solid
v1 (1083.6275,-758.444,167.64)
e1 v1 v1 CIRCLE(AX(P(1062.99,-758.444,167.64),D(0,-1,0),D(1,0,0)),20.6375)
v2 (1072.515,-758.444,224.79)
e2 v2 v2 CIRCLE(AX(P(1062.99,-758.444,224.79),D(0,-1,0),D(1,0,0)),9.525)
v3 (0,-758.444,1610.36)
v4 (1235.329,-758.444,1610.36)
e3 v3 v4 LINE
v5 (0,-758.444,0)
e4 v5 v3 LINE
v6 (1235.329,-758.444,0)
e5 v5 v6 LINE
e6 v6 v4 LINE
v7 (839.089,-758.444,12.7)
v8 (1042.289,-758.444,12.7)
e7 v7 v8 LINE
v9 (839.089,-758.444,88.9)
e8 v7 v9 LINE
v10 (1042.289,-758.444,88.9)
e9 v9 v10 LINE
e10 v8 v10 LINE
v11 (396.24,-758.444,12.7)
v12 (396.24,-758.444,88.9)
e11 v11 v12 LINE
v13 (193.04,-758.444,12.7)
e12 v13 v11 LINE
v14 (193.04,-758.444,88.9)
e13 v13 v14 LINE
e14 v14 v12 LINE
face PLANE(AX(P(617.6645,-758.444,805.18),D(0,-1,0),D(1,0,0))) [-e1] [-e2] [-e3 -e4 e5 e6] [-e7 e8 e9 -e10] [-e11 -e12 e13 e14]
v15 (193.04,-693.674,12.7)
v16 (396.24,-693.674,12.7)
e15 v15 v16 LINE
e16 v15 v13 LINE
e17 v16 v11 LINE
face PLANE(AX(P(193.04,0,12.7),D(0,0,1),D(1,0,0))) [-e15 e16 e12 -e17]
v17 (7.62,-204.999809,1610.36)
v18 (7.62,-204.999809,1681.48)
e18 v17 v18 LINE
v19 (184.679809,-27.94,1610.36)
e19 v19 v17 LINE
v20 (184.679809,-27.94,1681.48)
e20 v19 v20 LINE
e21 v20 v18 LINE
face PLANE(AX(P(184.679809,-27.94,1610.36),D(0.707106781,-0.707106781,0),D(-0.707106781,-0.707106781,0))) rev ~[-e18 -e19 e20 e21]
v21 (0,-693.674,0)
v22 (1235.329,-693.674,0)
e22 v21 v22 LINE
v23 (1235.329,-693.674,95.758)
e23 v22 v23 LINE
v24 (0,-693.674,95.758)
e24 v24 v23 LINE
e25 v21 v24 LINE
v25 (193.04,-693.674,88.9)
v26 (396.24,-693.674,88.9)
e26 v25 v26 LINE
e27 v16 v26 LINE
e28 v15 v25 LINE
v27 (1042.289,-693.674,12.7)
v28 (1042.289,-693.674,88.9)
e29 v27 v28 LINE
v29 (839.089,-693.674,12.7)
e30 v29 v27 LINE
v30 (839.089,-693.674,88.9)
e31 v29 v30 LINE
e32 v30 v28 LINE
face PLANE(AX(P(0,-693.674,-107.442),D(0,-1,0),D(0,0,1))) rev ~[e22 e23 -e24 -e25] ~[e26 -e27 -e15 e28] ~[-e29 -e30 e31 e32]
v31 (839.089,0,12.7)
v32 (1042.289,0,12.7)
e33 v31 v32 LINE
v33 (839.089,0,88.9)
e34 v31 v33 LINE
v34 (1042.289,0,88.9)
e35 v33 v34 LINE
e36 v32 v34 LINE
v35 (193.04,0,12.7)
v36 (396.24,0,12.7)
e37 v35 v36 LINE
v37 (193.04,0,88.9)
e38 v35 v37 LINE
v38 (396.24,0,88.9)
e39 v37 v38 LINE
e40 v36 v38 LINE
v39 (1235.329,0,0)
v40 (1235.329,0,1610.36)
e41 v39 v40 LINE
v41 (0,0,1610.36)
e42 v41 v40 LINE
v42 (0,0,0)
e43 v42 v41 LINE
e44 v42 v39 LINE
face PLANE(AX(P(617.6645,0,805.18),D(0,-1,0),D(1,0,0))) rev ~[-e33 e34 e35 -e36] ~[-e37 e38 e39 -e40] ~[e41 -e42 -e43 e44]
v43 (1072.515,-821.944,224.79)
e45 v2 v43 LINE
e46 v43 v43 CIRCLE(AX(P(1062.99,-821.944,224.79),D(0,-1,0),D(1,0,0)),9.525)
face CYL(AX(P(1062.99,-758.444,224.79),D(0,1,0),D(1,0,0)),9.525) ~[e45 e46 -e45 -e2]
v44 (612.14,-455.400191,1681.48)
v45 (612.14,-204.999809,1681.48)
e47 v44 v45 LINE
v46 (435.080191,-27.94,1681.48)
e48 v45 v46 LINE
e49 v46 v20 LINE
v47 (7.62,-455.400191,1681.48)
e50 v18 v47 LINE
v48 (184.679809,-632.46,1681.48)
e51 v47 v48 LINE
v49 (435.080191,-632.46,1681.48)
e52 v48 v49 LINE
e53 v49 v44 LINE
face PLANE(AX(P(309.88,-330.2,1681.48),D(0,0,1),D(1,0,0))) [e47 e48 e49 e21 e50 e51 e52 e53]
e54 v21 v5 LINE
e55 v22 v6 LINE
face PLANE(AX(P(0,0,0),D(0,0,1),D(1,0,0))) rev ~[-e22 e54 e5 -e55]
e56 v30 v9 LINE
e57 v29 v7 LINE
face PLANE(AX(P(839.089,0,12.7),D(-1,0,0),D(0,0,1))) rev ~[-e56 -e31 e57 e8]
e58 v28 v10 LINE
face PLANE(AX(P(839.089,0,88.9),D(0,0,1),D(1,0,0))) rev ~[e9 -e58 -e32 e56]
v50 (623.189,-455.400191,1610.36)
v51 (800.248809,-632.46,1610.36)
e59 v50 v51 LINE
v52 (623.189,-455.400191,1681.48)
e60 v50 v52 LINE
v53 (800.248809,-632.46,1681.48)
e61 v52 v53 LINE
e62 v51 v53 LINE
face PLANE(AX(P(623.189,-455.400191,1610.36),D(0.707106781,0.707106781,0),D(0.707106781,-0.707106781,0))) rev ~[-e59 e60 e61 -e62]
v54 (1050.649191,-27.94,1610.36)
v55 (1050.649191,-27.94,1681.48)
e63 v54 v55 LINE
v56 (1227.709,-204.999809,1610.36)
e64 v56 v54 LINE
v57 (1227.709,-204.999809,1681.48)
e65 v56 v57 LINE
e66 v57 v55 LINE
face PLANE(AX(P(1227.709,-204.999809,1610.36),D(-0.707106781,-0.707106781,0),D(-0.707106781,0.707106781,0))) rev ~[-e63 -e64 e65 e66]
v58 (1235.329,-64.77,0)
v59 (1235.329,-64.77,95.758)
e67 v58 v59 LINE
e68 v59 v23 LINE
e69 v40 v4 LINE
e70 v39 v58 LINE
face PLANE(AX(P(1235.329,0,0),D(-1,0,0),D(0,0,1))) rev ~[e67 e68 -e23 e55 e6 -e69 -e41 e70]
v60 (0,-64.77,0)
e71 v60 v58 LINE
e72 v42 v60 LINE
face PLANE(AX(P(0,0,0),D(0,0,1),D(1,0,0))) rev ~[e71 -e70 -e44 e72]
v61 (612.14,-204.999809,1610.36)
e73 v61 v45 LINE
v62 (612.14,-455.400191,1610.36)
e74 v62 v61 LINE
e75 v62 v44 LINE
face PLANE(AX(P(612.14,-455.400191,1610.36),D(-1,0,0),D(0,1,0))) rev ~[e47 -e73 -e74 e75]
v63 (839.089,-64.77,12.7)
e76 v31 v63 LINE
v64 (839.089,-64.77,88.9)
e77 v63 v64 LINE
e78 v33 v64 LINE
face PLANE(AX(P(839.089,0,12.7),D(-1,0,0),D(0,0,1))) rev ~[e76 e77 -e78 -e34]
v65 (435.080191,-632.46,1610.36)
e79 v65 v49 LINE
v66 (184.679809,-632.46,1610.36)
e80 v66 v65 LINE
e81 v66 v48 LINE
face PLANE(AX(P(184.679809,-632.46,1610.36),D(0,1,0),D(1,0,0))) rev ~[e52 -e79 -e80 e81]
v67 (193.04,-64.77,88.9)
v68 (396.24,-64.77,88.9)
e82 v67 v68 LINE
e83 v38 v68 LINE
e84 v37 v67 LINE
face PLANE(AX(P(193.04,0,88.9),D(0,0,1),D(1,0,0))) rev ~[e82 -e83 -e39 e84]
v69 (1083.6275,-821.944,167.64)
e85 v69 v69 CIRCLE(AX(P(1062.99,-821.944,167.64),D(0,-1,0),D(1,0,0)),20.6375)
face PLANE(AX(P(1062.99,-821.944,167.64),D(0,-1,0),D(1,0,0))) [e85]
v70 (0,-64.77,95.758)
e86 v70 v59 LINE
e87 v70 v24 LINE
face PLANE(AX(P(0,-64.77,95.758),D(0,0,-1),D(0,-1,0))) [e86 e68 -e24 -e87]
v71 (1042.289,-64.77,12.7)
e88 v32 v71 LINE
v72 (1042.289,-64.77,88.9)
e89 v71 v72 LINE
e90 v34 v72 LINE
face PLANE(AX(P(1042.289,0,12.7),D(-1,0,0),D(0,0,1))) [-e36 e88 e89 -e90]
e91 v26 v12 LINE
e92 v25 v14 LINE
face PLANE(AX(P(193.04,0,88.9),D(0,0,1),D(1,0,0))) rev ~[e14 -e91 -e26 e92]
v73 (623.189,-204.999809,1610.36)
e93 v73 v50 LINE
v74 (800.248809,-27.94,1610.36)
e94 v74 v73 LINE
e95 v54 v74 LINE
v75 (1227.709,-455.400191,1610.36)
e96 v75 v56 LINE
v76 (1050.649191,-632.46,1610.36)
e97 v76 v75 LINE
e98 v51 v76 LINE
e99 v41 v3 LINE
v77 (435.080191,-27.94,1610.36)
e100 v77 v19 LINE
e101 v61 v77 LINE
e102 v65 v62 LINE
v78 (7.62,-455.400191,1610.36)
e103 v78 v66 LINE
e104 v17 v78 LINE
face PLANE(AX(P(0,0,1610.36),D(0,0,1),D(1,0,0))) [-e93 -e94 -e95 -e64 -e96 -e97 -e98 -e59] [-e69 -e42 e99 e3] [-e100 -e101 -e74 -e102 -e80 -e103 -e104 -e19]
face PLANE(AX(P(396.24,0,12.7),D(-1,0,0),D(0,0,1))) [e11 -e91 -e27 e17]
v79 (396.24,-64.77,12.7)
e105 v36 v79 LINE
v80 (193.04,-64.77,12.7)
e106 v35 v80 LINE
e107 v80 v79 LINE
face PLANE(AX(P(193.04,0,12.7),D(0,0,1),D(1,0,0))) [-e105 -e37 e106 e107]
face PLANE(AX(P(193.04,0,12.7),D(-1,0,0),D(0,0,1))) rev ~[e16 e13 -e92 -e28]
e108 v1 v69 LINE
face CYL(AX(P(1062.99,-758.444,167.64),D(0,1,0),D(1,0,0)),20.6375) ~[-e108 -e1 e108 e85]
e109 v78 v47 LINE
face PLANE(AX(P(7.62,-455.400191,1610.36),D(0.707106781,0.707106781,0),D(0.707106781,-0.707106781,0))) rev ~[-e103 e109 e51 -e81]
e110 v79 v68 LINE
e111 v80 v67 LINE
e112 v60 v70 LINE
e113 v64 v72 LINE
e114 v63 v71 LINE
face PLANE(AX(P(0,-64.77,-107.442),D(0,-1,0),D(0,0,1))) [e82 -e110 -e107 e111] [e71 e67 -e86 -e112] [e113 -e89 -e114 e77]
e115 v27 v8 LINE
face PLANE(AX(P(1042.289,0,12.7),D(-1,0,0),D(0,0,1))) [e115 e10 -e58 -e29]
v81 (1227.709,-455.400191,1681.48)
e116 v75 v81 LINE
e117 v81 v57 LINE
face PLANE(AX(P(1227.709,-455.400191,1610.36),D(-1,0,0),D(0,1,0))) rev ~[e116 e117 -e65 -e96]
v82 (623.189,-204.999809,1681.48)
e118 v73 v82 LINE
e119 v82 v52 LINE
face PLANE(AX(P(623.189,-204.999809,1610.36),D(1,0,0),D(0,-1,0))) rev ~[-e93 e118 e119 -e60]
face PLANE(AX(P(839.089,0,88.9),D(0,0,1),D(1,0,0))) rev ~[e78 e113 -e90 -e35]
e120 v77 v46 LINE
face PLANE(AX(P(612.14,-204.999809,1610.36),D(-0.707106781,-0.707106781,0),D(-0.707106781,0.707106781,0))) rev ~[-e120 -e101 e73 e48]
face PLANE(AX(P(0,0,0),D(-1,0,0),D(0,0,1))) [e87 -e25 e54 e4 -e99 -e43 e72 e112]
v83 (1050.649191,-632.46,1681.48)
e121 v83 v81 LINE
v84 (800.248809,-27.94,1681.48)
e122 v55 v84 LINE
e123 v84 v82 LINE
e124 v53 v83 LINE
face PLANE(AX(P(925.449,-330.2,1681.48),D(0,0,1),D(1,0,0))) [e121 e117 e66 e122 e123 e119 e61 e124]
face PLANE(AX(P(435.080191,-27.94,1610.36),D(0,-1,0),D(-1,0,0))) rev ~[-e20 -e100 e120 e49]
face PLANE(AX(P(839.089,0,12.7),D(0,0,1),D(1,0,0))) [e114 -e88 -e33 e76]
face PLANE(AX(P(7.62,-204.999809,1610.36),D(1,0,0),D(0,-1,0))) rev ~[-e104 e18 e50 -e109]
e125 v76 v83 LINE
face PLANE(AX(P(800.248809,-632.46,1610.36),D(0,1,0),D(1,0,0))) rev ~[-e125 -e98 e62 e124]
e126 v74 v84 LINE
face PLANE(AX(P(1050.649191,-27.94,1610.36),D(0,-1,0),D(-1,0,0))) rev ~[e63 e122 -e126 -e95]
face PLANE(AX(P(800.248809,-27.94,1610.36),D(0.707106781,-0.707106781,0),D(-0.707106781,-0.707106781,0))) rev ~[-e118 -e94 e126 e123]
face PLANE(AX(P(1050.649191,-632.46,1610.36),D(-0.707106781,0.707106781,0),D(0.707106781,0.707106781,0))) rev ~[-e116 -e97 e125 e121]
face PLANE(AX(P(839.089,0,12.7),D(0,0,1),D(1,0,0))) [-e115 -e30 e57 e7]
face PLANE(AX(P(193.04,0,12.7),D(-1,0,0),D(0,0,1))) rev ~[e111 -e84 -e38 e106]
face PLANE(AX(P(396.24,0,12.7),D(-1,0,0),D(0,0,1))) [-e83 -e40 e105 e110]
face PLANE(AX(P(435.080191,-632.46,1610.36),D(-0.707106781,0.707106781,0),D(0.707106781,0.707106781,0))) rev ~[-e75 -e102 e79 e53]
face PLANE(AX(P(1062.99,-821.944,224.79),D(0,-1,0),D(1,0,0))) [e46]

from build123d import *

# Parameters (mm, degrees)
F0_W     = 1235.329
F0_H     = 1610.36
F0_W_2   = 203.2
F0_H_2   = 76.2
F1_DEPTH = 758.444
F2_W     = 628.904
F2_H     = 203.2
F3_DEPTH = 1235.33
F5_DEPTH = 71.12
F6_R     = 20.6375
F6_R_2   = 9.525
F7_DEPTH = 63.5


with BuildPart() as f1:
    # F0 (on Front) → F1 (new body)
    with BuildSketch(Plane.XZ):
        with Locations((617.6645, 805.18)):
            Rectangle(F0_W, F0_H)
        with Locations((294.64, 50.8)):
            Rectangle(F0_W_2, F0_H_2, mode=Mode.SUBTRACT)
        with Locations((940.689, 50.8)):
            Rectangle(F0_W_2, F0_H_2, mode=Mode.SUBTRACT)
    extrude(amount=F1_DEPTH)

    # F2 (on face) → F3 (cut, through all)
    with BuildSketch(Plane(origin=(0, 0, 0), x_dir=(0, -1, 0), z_dir=(-1, 0, 0))):
        with Locations((379.222, -5.842)):
            Rectangle(F2_W, F2_H)
    extrude(amount=-F3_DEPTH, mode=Mode.SUBTRACT)

    # F4 (on face) → F5 (join)
    with BuildSketch(Plane.XY.offset(1610.36)):
        Polygon((435.080191, -632.46), (612.14, -455.400191), (612.14, -204.999809), (435.080191, -27.94), (184.679809, -27.94), (7.62, -204.999809), (7.62, -455.400191), (184.679809, -632.46), align=None)
        Polygon((1050.649191, -632.46), (1227.709, -455.400191), (1227.709, -204.999809), (1050.649191, -27.94), (800.248809, -27.94), (623.189, -204.999809), (623.189, -455.400191), (800.248809, -632.46), align=None)
    extrude(amount=F5_DEPTH)

    # F6 (on face) → F7 (join)
    with BuildSketch(Plane.XZ.offset(758.444)):
        with Locations((1062.99, 167.64)):
            Circle(F6_R)
        with Locations((1062.99, 224.79)):
            Circle(F6_R_2)
    extrude(amount=F7_DEPTH)


solid = f1.part
